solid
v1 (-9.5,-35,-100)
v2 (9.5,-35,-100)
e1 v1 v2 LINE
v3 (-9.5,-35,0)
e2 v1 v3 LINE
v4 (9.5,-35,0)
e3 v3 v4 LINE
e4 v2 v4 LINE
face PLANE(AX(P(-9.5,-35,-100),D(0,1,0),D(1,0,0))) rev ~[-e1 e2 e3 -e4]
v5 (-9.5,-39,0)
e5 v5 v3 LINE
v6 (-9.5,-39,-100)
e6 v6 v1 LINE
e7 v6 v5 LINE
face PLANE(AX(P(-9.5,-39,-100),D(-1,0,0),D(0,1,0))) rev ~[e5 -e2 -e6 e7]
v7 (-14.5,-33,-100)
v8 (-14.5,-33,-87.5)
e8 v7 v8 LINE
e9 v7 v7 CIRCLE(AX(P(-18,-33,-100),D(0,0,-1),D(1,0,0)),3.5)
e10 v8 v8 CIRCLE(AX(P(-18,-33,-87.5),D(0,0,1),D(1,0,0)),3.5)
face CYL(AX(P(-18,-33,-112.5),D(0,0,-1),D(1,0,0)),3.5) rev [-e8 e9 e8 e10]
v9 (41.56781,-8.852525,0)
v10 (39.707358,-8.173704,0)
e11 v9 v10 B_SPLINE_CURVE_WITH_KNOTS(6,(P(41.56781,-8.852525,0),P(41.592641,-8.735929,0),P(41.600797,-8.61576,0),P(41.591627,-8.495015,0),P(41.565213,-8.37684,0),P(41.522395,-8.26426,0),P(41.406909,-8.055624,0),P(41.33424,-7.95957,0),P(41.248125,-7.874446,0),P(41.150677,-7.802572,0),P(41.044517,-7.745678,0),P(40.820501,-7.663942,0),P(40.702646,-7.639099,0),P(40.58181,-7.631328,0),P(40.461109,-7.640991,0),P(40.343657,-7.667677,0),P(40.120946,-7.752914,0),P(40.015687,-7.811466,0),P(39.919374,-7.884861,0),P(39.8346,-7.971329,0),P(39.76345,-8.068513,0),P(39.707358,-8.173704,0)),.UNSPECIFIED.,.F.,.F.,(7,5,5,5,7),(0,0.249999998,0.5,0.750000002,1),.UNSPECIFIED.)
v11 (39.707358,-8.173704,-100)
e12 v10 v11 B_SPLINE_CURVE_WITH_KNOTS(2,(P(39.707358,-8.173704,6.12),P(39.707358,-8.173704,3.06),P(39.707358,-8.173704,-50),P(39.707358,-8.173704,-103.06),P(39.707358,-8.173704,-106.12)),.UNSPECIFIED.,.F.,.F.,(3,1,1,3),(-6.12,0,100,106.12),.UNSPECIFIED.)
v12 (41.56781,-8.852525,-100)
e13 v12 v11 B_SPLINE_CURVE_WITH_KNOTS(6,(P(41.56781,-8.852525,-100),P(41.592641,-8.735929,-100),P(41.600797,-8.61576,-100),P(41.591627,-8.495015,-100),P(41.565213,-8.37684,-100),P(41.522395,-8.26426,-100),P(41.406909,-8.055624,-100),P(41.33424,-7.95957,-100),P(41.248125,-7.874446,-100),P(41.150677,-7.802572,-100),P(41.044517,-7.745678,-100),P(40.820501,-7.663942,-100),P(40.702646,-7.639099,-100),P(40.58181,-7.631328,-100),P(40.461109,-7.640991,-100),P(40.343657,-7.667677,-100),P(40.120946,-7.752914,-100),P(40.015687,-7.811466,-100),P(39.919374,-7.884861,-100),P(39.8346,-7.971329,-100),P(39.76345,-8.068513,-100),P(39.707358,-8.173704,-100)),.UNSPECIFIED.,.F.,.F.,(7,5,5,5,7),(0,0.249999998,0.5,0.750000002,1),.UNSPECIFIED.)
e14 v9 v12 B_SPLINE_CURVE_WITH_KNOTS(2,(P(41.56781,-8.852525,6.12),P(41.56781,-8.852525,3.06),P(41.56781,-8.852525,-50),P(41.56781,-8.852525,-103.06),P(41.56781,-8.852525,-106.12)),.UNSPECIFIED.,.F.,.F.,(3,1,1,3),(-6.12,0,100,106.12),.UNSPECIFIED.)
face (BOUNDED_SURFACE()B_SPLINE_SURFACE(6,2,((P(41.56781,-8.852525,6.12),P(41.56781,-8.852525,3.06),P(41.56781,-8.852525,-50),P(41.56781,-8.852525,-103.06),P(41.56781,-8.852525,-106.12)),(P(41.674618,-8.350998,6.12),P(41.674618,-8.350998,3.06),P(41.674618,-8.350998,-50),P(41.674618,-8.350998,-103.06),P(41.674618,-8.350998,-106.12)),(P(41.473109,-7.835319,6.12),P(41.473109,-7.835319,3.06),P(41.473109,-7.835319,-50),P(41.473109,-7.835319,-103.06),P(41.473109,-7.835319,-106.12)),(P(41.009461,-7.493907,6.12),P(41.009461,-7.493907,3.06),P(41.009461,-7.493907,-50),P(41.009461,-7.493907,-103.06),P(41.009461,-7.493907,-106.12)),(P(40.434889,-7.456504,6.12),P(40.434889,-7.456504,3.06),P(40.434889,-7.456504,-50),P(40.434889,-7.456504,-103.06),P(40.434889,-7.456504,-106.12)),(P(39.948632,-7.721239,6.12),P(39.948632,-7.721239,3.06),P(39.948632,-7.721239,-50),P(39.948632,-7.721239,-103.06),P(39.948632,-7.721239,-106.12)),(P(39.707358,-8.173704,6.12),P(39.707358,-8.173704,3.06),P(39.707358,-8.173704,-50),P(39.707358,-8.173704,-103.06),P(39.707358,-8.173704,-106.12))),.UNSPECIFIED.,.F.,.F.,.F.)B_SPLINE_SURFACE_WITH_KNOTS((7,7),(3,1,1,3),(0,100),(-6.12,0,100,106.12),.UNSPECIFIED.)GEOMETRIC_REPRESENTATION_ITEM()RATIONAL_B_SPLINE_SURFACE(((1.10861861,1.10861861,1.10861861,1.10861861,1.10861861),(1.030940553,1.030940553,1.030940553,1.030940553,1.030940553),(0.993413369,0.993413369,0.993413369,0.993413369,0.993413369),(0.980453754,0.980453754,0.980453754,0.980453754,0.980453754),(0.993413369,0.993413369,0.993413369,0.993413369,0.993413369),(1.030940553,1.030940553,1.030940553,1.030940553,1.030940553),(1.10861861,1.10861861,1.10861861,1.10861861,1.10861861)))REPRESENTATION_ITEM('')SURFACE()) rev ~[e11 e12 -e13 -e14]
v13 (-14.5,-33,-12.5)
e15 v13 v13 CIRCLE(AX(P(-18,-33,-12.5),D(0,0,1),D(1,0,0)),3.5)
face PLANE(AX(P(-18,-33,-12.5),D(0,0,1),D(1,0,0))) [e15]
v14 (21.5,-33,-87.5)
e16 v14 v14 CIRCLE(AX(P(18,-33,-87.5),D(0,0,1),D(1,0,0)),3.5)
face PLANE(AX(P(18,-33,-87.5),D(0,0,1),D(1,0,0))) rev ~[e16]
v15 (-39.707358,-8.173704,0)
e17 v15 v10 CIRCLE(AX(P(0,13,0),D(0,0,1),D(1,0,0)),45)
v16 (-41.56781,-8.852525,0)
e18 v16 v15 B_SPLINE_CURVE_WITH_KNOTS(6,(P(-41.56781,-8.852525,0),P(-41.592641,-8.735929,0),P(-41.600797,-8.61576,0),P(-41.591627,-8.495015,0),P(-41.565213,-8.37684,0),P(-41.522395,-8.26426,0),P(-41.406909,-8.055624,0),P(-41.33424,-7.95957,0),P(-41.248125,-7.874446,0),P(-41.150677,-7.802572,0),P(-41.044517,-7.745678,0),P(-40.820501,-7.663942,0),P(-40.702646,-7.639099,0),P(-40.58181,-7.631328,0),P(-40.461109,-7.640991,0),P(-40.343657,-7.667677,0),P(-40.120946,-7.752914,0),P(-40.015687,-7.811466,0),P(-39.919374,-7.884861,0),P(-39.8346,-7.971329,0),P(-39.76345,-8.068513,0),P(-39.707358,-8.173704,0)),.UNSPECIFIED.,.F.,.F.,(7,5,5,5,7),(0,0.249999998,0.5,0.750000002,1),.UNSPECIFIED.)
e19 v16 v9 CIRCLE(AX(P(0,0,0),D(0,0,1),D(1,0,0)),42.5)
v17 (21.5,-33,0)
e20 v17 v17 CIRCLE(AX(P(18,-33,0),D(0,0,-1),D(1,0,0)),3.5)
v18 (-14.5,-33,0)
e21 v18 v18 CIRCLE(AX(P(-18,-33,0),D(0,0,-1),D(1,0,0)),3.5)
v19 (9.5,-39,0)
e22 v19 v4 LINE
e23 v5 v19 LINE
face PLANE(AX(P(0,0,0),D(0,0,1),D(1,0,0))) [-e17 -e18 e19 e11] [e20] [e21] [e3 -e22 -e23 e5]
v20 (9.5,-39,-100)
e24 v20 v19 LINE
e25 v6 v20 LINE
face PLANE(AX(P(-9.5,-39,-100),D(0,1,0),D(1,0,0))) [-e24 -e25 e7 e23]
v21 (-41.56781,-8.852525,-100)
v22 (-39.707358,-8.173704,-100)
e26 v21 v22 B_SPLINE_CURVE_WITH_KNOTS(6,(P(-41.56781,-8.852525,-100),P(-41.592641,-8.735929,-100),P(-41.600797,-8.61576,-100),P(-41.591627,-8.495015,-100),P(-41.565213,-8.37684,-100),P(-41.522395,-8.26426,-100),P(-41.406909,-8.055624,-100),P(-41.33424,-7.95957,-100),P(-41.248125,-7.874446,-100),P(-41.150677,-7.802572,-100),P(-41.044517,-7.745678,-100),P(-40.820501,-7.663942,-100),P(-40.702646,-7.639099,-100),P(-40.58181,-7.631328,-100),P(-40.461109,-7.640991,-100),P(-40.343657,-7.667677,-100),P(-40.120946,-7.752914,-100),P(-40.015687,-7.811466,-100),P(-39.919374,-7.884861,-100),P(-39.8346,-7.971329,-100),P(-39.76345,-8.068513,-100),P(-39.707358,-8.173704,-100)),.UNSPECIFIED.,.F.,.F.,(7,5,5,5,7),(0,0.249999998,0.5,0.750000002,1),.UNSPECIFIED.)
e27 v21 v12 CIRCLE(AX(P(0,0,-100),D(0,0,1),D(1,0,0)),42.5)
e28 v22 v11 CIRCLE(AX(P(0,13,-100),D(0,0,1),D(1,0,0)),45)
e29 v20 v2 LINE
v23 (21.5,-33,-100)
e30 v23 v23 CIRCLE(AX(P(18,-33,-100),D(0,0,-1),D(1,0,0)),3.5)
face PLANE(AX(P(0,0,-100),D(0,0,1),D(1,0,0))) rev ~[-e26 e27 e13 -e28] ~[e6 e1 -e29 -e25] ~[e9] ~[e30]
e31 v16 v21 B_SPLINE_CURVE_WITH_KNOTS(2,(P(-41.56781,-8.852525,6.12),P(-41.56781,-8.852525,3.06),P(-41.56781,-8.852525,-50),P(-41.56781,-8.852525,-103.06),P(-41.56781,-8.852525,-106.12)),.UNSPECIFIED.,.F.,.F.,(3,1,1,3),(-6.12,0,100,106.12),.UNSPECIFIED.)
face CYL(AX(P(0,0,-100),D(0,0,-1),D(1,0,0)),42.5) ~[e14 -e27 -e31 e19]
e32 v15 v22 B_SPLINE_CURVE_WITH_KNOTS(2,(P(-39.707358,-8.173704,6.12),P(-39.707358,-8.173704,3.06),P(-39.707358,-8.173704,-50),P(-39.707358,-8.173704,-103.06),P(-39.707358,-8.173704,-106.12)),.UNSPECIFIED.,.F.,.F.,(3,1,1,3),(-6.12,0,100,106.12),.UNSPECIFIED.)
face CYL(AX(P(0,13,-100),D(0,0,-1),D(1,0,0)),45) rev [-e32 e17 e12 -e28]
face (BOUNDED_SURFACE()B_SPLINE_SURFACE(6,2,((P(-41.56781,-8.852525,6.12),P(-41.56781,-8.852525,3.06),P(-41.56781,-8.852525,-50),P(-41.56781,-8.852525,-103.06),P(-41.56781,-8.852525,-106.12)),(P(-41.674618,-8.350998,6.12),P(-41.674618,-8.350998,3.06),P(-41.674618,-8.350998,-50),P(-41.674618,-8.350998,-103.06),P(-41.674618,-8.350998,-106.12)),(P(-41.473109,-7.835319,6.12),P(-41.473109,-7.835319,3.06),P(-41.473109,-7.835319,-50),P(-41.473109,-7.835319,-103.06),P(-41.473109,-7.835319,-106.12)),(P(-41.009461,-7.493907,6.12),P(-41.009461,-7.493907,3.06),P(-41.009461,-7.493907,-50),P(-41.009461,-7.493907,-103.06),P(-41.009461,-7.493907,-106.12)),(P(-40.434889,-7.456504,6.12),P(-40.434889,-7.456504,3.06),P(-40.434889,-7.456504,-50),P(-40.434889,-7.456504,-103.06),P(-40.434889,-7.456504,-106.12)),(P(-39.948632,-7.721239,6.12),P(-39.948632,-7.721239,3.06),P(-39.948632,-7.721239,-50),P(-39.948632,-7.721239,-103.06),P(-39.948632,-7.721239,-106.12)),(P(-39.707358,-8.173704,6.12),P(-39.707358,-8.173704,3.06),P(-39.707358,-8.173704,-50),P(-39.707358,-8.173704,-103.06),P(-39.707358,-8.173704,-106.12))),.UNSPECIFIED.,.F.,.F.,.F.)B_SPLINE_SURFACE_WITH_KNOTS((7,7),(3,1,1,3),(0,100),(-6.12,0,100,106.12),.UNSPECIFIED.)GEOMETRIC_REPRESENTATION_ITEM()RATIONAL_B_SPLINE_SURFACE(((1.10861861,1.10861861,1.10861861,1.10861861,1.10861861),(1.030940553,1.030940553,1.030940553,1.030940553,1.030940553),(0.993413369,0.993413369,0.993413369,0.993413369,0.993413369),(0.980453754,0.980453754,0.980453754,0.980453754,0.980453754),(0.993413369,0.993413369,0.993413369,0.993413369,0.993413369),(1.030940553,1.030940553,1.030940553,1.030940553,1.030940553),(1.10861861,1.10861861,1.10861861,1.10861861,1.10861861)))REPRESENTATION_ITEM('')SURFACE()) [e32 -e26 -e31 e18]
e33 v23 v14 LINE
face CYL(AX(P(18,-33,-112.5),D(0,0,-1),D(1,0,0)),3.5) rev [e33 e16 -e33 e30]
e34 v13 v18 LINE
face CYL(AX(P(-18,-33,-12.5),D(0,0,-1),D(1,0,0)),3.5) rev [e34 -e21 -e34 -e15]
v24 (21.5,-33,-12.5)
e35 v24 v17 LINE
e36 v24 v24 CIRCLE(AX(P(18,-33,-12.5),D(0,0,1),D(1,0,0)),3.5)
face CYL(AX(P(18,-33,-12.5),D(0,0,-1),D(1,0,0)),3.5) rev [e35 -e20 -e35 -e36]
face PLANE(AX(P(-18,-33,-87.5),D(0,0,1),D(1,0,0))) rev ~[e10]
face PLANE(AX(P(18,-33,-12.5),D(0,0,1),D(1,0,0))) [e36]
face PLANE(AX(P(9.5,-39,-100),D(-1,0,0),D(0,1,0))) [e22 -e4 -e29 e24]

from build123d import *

# Parameters (mm, degrees)
CYLINDER017_R     = 3.5
CYLINDER017_DEPTH = 25
CYLINDER016_R     = 3.5
CYLINDER016_DEPTH = 25
CYLINDER009_R     = 3.5
CYLINDER009_DEPTH = 25
CYLINDER007_R     = 3.5
CYLINDER007_DEPTH = 25
BOX001_W          = 19
BOX001_H          = 4
BOX001_DEPTH      = 100
CYLINDER002_R     = 45
CYLINDER002_DEPTH = 100
CYLINDER003_R     = 42.5
CYLINDER003_DEPTH = 100
FILLET003_R       = 1
FILLET002_R       = 1


with BuildPart() as cylindre015:
    # Cylinder017 → Cylinder017 (new body)
    with BuildSketch(Plane(origin=(18, -33, -112.5), x_dir=(1, 0, 0), z_dir=(0, 0, 1))):
        Circle(CYLINDER017_R)
    extrude(amount=CYLINDER017_DEPTH)


with BuildPart() as cylindre014:
    # Cylinder016 → Cylinder016 (new body)
    with BuildSketch(Plane(origin=(-18, -33, -112.5), x_dir=(1, 0, 0), z_dir=(0, 0, 1))):
        Circle(CYLINDER016_R)
    extrude(amount=CYLINDER016_DEPTH)


with BuildPart() as cylindre009:
    # Cylinder009 → Cylinder009 (new body)
    with BuildSketch(Plane(origin=(18, -33, -12.5), x_dir=(1, 0, 0), z_dir=(0, 0, 1))):
        Circle(CYLINDER009_R)
    extrude(amount=CYLINDER009_DEPTH)


with BuildPart() as cylindre007:
    # Cylinder007 → Cylinder007 (new body)
    with BuildSketch(Plane(origin=(-18, -33, -12.5), x_dir=(1, 0, 0), z_dir=(0, 0, 1))):
        Circle(CYLINDER007_R)
    extrude(amount=CYLINDER007_DEPTH)


with BuildPart() as cube001:
    # Box001 → Box001 (new body)
    with BuildSketch(Plane(origin=(-9.5, -39, 0), x_dir=(1, 0, 0), z_dir=(0, 0, 1))):
        with Locations((9.5, 2)):
            Rectangle(BOX001_W, BOX001_H)
    extrude(amount=BOX001_DEPTH)


with BuildPart() as cylindre002:
    # Cylinder002 → Cylinder002 (new body)
    with BuildSketch(Plane(origin=(0, 13, 0), x_dir=(1, 0, 0), z_dir=(0, 0, 1))):
        Circle(CYLINDER002_R)
    extrude(amount=CYLINDER002_DEPTH)


with BuildPart() as cut011:
    # Cylinder003 → Cylinder003 (new body)
    with BuildSketch(Plane.XY):
        Circle(CYLINDER003_R)
    extrude(amount=CYLINDER003_DEPTH)

    # Cut003: cut Cylindre002
    add(cylindre002.part, mode=Mode.SUBTRACT)

    # Fillet003
    fillet003_edges = [cut011.edges().sort_by_distance(p)[0] for p in [
        (-42.456904, -1.913462, 50),
    ]]
    fillet(fillet003_edges, radius=FILLET003_R)

    # Fillet002
    fillet002_edges = [cut011.edges().sort_by_distance(p)[0] for p in [
        (42.456904, -1.913462, 50),
    ]]
    fillet(fillet002_edges, radius=FILLET002_R)

    # Cut002: cut Cube001
    add(cube001.part, mode=Mode.SUBTRACT)


with BuildPart() as cut011_1:
    # Cut002 placement: moved
    add(cut011.part.moved(Location((0, 0, -100))))

    # Cut007: cut Cylindre007
    add(cylindre007.part, mode=Mode.SUBTRACT)

    # Cut008: cut Cylindre009
    add(cylindre009.part, mode=Mode.SUBTRACT)

    # Cut010: cut Cylindre014
    add(cylindre014.part, mode=Mode.SUBTRACT)

    # Cut011: cut Cylindre015
    add(cylindre015.part, mode=Mode.SUBTRACT)


solid = cut011_1.part
